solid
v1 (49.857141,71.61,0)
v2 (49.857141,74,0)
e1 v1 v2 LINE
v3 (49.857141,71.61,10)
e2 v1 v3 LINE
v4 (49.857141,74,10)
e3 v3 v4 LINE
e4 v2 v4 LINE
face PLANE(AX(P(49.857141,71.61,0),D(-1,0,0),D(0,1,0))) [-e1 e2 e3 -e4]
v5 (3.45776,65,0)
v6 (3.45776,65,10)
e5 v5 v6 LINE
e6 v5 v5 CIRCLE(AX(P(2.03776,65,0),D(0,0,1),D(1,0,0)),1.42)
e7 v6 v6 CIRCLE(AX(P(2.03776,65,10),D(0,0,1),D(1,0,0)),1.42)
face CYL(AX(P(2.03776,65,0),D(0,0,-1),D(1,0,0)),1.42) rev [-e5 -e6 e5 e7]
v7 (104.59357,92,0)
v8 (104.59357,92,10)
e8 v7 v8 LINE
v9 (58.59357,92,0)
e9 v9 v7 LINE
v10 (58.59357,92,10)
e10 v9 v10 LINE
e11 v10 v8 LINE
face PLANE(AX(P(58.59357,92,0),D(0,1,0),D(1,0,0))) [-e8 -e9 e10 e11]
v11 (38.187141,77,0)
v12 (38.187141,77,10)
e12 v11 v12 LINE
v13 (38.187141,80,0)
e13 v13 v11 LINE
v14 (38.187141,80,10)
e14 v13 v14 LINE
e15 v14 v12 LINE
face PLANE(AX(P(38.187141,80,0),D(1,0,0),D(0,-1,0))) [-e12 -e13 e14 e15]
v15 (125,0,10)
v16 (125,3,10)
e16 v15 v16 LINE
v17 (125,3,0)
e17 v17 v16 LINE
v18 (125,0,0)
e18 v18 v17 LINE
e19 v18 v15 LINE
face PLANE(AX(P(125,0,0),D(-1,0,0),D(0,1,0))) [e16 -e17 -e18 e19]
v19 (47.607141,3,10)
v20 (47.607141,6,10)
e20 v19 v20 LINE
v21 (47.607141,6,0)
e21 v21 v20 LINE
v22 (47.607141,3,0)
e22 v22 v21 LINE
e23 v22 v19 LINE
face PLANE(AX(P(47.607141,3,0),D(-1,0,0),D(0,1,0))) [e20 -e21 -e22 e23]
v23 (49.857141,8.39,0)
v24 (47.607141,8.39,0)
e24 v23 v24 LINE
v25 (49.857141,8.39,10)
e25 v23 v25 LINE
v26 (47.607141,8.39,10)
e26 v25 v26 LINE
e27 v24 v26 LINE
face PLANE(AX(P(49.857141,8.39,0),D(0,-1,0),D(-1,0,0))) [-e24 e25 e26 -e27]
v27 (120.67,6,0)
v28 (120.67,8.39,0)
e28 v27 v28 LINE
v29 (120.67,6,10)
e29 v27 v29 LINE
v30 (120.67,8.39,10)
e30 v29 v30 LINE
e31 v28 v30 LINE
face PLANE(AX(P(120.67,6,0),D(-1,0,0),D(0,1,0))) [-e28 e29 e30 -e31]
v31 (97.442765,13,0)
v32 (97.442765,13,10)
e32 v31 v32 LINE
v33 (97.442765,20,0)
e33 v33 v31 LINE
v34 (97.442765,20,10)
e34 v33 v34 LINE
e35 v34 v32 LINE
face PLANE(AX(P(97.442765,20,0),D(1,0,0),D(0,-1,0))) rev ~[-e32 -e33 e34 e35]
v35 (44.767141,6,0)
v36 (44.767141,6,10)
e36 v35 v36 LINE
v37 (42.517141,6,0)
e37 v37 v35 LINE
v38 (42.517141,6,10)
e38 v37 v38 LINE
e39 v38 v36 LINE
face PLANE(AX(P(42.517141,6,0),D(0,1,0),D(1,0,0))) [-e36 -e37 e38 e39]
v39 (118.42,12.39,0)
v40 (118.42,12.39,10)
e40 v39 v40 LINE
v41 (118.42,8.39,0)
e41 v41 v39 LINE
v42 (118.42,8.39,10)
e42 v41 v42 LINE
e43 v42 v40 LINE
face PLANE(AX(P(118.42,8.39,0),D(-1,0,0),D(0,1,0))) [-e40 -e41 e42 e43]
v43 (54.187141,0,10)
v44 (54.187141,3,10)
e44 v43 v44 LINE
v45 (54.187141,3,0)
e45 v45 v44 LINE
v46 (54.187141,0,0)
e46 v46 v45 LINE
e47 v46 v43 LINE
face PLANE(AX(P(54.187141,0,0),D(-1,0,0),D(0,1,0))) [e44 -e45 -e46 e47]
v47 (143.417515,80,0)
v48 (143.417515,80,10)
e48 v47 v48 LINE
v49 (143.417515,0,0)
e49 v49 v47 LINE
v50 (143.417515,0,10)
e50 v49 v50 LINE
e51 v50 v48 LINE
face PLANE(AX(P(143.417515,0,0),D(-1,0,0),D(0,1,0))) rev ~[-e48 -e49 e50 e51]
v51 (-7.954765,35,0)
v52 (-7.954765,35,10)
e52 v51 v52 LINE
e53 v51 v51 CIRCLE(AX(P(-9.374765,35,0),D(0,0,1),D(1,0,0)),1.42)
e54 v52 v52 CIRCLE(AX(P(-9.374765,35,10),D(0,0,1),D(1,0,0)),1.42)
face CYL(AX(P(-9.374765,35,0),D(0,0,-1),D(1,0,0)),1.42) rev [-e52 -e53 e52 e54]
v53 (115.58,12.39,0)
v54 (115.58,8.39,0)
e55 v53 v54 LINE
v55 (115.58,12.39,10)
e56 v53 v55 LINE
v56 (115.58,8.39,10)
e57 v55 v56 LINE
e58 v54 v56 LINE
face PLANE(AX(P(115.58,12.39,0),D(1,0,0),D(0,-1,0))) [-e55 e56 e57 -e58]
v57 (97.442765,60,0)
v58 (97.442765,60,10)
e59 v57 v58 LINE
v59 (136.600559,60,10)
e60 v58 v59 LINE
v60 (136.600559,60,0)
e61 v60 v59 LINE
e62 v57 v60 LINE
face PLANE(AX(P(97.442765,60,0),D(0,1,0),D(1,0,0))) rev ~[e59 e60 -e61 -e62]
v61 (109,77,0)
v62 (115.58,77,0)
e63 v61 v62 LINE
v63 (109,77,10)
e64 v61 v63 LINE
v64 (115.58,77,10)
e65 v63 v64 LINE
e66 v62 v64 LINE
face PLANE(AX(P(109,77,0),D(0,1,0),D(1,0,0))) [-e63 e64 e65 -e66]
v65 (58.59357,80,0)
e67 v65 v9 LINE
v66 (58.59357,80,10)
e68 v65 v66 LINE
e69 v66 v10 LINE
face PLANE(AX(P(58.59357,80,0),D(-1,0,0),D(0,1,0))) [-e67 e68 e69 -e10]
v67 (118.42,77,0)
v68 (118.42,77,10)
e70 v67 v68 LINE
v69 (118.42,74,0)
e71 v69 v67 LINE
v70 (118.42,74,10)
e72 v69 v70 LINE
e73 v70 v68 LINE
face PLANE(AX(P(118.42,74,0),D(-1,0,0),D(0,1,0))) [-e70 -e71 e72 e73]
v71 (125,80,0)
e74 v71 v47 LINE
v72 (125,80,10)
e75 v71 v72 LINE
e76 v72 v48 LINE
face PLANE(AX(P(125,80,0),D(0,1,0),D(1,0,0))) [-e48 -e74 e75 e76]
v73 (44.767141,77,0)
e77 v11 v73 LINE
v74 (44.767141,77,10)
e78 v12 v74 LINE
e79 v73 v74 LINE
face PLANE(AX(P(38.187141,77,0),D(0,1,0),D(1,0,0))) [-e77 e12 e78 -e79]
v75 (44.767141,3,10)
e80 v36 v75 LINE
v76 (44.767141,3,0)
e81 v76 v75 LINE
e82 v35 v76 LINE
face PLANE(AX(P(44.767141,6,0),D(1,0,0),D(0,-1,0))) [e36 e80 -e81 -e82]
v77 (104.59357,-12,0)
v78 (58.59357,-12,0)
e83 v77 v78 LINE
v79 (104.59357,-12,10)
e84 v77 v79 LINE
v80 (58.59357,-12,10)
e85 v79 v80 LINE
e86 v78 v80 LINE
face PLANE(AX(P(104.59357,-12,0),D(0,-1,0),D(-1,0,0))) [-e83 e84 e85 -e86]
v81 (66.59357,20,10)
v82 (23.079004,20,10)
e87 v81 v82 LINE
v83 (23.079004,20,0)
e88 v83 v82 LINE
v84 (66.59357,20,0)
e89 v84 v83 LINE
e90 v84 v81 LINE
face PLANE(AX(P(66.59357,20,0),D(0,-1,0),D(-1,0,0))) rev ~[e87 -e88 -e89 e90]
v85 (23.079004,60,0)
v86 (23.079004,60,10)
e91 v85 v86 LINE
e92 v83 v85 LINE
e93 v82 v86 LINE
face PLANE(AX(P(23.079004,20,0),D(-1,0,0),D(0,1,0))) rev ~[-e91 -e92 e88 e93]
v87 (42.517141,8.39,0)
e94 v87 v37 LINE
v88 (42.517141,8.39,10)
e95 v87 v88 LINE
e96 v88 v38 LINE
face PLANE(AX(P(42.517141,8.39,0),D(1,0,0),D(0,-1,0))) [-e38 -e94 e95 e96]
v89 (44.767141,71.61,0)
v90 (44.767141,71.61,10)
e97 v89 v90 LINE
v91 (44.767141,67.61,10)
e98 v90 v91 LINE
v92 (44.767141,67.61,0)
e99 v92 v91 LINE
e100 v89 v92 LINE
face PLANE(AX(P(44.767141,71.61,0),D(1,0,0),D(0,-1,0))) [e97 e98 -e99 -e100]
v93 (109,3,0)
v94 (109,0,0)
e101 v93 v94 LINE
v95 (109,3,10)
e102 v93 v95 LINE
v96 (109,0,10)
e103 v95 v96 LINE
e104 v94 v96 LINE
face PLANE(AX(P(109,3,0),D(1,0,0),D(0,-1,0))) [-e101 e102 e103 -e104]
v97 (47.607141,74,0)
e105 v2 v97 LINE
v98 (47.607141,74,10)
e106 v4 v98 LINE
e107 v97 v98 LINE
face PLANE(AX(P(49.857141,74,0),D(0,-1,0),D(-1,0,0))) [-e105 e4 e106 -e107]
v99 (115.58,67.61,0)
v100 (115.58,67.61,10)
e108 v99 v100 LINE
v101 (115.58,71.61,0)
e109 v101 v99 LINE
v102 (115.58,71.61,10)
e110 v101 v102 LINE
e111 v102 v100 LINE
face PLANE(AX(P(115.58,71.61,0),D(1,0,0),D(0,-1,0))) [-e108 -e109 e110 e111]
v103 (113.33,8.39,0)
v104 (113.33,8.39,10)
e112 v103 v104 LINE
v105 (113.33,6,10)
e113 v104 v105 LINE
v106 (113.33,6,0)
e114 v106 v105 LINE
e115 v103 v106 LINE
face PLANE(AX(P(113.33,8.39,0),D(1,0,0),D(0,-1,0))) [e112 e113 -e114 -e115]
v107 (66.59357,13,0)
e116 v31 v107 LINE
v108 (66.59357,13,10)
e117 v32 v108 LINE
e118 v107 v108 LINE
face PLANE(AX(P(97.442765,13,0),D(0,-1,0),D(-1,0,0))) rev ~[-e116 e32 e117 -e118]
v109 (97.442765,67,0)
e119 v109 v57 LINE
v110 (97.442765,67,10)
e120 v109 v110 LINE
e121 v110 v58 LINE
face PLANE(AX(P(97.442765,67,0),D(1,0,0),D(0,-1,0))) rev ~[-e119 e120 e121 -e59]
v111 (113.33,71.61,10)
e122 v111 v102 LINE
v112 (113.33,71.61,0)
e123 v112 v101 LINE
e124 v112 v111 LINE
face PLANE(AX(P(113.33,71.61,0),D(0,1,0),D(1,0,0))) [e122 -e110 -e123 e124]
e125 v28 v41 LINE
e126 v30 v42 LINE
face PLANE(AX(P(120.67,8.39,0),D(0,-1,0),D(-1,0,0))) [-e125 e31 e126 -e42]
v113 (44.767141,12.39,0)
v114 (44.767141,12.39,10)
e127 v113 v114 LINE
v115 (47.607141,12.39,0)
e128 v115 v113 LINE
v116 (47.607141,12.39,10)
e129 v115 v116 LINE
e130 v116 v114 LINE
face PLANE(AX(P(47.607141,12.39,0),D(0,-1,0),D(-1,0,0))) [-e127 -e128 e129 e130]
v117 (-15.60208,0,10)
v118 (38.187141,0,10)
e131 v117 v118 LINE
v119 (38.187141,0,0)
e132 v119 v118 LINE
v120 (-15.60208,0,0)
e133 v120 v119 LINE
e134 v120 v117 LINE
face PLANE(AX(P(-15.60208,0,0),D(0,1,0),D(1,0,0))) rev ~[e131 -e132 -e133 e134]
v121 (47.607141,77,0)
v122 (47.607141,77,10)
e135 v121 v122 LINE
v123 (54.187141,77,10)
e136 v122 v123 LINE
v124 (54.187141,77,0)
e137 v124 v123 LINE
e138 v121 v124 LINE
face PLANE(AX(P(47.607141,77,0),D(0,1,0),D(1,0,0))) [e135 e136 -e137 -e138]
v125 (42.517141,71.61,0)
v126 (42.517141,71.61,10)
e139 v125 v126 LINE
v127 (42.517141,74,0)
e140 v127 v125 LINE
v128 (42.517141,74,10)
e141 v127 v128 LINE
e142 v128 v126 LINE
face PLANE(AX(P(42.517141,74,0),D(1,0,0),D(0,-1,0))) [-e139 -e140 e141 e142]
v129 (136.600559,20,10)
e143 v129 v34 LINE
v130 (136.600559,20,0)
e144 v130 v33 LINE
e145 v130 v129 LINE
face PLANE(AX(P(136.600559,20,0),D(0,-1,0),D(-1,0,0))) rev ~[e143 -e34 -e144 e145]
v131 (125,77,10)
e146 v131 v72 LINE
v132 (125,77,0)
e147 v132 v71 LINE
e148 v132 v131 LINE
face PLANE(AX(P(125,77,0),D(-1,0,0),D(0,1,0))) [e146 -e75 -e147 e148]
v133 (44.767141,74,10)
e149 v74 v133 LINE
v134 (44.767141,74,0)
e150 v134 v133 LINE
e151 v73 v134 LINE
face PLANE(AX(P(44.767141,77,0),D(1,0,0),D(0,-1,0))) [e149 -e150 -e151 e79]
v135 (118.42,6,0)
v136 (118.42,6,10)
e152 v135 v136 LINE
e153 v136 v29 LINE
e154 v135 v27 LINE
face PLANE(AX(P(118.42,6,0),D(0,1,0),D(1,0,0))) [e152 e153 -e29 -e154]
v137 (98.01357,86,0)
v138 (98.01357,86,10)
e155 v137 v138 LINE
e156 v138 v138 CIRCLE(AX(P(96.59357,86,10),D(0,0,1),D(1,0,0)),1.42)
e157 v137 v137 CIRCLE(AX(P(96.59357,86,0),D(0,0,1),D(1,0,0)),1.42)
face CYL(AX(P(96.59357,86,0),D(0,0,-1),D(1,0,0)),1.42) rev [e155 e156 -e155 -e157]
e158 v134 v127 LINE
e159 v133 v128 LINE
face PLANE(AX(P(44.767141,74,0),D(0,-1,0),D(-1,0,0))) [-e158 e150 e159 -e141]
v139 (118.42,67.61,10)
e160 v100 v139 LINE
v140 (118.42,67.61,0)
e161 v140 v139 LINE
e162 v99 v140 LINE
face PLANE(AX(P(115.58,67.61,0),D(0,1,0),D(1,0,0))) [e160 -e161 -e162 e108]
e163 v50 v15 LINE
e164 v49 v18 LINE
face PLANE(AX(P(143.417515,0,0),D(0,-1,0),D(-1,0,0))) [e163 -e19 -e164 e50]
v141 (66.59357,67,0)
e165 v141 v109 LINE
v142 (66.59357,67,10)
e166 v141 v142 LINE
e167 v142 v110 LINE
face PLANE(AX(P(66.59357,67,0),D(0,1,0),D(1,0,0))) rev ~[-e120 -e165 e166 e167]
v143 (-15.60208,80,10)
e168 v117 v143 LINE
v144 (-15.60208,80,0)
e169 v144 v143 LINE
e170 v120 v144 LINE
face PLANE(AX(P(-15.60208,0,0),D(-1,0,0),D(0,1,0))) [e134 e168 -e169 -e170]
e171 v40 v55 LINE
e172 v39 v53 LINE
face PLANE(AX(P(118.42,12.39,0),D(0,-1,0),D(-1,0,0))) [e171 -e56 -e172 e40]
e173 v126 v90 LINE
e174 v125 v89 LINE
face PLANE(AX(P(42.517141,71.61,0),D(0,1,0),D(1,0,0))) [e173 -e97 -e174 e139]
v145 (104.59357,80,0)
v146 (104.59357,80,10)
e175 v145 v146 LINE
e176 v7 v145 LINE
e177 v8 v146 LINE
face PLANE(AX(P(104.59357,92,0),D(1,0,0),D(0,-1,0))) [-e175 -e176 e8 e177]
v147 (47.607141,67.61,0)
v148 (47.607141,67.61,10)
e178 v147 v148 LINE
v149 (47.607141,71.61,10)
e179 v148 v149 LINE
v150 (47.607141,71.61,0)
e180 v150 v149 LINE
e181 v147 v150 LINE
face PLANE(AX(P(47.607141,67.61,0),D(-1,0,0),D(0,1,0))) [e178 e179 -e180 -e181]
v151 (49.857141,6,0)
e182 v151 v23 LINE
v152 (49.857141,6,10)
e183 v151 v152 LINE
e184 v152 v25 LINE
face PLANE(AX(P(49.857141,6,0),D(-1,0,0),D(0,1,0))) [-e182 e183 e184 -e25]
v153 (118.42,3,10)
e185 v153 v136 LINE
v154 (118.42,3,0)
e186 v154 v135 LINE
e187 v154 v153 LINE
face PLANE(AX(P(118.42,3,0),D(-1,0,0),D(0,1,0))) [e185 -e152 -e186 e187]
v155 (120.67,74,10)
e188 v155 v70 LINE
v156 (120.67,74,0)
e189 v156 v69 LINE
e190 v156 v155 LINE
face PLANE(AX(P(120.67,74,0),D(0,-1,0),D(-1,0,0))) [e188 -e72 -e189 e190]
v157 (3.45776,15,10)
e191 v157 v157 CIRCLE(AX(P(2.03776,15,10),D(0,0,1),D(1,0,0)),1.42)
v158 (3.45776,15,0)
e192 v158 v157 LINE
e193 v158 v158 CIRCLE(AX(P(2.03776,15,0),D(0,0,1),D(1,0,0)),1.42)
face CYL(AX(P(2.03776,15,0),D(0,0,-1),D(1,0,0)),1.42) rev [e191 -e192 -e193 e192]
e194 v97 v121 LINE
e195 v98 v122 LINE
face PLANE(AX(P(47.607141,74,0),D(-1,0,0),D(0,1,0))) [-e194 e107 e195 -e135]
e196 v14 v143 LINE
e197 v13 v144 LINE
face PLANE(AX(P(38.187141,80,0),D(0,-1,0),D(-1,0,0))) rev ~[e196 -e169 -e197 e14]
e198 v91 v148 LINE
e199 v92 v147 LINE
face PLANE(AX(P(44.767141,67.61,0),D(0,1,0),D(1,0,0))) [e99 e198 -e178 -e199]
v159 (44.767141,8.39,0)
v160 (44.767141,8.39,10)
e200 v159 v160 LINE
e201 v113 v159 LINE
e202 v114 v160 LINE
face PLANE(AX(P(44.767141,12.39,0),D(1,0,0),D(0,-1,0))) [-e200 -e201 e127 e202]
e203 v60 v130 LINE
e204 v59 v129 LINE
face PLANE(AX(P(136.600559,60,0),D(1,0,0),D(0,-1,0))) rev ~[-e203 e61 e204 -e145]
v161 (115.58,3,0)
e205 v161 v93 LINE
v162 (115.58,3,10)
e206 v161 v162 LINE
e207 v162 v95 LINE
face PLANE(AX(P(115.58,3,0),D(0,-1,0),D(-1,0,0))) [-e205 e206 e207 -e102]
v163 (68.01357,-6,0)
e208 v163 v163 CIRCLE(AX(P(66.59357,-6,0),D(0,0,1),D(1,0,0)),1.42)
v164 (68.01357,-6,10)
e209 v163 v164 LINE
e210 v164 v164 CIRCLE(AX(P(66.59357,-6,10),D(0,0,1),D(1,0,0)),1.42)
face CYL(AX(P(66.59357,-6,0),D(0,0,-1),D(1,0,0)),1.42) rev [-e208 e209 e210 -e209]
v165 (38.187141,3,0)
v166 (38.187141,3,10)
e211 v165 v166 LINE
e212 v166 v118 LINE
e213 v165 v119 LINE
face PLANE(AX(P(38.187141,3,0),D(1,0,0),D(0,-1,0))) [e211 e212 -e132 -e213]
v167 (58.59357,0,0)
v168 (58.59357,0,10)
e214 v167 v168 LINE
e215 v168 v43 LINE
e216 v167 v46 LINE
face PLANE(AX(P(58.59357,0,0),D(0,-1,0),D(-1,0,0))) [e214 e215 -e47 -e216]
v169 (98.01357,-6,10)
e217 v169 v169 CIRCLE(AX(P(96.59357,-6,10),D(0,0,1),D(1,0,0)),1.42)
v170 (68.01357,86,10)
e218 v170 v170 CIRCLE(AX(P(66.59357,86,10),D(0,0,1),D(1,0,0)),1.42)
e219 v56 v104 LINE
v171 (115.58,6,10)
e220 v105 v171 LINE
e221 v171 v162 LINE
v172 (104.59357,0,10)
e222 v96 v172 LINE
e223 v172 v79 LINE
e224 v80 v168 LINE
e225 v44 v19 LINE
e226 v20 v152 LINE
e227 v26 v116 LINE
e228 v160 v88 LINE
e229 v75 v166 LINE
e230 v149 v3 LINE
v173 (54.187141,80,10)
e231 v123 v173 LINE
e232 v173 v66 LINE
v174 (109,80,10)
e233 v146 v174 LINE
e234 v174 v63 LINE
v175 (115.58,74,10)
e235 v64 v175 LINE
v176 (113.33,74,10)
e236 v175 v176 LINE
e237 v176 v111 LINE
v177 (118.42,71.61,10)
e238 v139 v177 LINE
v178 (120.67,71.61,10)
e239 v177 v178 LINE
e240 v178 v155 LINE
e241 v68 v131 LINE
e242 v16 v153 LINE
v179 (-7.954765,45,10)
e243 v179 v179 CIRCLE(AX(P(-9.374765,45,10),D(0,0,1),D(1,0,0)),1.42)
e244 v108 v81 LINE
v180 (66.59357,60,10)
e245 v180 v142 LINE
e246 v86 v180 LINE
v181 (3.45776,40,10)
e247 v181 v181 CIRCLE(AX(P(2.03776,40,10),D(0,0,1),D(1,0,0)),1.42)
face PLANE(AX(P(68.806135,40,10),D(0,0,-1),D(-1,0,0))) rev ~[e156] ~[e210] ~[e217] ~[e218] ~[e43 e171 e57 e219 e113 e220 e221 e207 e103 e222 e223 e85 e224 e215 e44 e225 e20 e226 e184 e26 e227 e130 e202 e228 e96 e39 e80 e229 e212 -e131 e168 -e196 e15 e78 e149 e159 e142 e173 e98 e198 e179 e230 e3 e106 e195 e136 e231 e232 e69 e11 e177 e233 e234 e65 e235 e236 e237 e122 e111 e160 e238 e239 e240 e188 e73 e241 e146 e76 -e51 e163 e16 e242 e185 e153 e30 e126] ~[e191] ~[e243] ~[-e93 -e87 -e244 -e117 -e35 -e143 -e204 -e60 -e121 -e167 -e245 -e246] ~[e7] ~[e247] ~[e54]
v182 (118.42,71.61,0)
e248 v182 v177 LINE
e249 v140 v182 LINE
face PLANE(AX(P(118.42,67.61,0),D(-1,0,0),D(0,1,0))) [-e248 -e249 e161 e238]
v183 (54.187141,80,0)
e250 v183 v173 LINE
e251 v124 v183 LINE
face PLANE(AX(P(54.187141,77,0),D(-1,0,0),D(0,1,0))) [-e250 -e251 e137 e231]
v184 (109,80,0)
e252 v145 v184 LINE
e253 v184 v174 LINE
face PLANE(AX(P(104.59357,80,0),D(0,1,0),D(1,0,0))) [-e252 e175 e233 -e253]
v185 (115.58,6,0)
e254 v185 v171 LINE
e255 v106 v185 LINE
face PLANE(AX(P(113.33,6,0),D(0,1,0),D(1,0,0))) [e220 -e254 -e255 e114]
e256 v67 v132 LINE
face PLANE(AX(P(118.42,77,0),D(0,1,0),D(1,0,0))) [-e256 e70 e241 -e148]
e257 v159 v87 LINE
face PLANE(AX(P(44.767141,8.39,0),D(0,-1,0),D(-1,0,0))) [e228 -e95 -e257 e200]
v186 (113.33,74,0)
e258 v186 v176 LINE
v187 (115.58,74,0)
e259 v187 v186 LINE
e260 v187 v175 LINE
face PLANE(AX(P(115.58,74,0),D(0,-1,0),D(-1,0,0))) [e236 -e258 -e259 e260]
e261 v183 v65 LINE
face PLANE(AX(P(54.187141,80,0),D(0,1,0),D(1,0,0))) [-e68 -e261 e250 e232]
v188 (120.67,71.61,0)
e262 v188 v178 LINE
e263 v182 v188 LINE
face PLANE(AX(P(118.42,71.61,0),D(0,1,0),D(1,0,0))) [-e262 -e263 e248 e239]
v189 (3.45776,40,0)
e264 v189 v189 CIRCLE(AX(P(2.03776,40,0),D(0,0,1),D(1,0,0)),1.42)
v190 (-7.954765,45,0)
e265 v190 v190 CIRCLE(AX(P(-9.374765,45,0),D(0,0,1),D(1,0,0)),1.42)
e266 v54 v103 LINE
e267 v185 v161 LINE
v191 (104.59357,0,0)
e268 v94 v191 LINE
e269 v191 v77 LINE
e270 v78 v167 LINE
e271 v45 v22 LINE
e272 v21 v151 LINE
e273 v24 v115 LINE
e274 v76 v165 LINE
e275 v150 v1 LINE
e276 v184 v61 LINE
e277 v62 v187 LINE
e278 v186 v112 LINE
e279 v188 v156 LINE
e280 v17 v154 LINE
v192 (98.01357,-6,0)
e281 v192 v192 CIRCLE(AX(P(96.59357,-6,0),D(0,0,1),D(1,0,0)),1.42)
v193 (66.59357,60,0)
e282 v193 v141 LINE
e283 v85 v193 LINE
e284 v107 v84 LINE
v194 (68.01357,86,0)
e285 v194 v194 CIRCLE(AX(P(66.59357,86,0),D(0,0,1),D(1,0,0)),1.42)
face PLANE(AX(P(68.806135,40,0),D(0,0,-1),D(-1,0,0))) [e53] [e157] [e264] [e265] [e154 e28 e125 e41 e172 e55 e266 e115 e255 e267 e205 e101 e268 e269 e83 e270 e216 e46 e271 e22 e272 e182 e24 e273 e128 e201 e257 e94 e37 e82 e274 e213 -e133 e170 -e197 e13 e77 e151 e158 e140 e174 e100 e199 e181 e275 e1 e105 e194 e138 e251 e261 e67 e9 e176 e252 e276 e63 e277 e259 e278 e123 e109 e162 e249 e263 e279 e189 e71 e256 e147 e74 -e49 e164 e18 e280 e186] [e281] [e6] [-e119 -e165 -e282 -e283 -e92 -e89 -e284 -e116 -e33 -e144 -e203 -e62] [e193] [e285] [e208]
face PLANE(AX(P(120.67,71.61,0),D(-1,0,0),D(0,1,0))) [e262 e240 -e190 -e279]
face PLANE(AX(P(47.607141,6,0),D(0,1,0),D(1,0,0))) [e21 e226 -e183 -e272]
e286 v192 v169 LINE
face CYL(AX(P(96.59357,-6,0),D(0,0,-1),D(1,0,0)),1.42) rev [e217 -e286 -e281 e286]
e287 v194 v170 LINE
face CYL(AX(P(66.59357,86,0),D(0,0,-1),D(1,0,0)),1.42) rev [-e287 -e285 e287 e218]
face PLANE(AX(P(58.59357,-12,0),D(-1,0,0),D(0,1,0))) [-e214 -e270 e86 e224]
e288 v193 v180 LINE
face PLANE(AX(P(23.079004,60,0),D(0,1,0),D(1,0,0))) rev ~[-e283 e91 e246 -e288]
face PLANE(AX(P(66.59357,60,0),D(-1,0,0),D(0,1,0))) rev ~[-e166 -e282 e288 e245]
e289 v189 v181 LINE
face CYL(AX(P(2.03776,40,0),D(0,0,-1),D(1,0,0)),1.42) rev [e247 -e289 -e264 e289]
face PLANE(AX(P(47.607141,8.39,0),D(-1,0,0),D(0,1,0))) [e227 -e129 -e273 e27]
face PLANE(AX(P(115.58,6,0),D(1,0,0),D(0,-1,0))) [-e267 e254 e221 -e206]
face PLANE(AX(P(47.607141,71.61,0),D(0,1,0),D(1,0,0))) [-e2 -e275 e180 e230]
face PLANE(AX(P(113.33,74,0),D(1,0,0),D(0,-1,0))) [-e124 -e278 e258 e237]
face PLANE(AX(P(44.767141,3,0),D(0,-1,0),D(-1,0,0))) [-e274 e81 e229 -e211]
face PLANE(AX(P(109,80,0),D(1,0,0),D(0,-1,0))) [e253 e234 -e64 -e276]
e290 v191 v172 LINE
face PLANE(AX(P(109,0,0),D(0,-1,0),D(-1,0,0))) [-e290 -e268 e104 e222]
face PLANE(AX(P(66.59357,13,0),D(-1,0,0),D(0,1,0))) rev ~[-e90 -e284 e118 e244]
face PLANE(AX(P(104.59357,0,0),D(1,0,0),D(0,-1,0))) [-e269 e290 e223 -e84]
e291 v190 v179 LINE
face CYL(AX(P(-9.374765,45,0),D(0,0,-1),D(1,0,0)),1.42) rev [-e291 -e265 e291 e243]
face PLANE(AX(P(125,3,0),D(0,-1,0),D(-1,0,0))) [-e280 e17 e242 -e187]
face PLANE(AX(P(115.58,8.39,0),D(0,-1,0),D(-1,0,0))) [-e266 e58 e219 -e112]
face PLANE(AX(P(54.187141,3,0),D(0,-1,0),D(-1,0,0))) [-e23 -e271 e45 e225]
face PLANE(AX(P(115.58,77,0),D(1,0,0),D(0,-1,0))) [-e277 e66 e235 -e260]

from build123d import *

# Parameters (mm, degrees)
SKETCH1_R           = 1.42
BOSS_EXTRUDE1_DEPTH = 10


with BuildPart() as part:
    # Sketch1 → Boss-Extrude1 (new body)
    with BuildSketch(Plane.XY):
        Polygon((109, 80), (109, 77), (115.58, 77), (115.58, 74), (113.33, 74), (113.33, 71.61), (115.58, 71.61), (115.58, 67.61), (118.42, 67.61), (118.42, 71.61), (120.67, 71.61), (120.67, 74), (118.42, 74), (118.42, 77), (125, 77), (125, 80), (143.417515172, 80), (143.417515172, 60), (143.417515172, 20), (143.417515172, 0), (125, 0), (125, 3), (118.42, 3), (118.42, 6), (120.67, 6), (120.67, 8.39), (118.42, 8.39), (118.42, 12.39), (115.58, 12.39), (115.58, 8.39), (113.33, 8.39), (113.33, 6), (115.58, 6), (115.58, 3), (109, 3), (109, 0), (104.593570259, 0), (104.593570259, -12), (58.593570259, -12), (58.593570259, 0), (54.187140517, 0), (54.187140517, 3), (47.607140517, 3), (47.607140517, 6), (49.857140517, 6), (49.857140517, 8.39), (47.607140517, 8.39), (47.607140517, 12.39), (44.767140517, 12.39), (44.767140517, 8.39), (42.517140517, 8.39), (42.517140517, 6), (44.767140517, 6), (44.767140517, 3), (38.187140517, 3), (38.187140517, 0), (0, 0), (-15.602079829, 0), (-15.602079829, 80), (5, 80), (38.187140517, 80), (38.187140517, 77), (44.767140517, 77), (44.767140517, 74), (42.517140517, 74), (42.517140517, 71.61), (44.767140517, 71.61), (44.767140517, 67.61), (47.607140517, 67.61), (47.607140517, 71.61), (49.857140517, 71.61), (49.857140517, 74), (47.607140517, 74), (47.607140517, 77), (54.187140517, 77), (54.187140517, 80), (58.593570259, 80), (58.593570259, 92), (104.593570259, 92), (104.593570259, 80), align=None)
        with Locations((2.037759908, 40)):
            Circle(SKETCH1_R, mode=Mode.SUBTRACT)
        with Locations((2.037759908, 65)):
            Circle(SKETCH1_R, mode=Mode.SUBTRACT)
        with Locations((2.037759908, 15)):
            Circle(SKETCH1_R, mode=Mode.SUBTRACT)
        with Locations((66.593570259, 86)):
            Circle(SKETCH1_R, mode=Mode.SUBTRACT)
        with Locations((96.593570259, 86)):
            Circle(SKETCH1_R, mode=Mode.SUBTRACT)
        with Locations((96.593570259, -6)):
            Circle(SKETCH1_R, mode=Mode.SUBTRACT)
        with Locations((66.593570259, -6)):
            Circle(SKETCH1_R, mode=Mode.SUBTRACT)
        with Locations((-9.374764666, 45)):
            Circle(SKETCH1_R, mode=Mode.SUBTRACT)
        with Locations((-9.374764666, 35)):
            Circle(SKETCH1_R, mode=Mode.SUBTRACT)
        Polygon((136.600558962, 60), (136.600558962, 20), (97.442765105, 20), (97.442765105, 13), (66.593570259, 13), (66.593570259, 20), (23.079003763, 20), (23.079003763, 60), (66.593570259, 60), (66.593570259, 67), (97.442765105, 67), (97.442765105, 60), align=None, mode=Mode.SUBTRACT)
    extrude(amount=BOSS_EXTRUDE1_DEPTH)


solid = part.part
